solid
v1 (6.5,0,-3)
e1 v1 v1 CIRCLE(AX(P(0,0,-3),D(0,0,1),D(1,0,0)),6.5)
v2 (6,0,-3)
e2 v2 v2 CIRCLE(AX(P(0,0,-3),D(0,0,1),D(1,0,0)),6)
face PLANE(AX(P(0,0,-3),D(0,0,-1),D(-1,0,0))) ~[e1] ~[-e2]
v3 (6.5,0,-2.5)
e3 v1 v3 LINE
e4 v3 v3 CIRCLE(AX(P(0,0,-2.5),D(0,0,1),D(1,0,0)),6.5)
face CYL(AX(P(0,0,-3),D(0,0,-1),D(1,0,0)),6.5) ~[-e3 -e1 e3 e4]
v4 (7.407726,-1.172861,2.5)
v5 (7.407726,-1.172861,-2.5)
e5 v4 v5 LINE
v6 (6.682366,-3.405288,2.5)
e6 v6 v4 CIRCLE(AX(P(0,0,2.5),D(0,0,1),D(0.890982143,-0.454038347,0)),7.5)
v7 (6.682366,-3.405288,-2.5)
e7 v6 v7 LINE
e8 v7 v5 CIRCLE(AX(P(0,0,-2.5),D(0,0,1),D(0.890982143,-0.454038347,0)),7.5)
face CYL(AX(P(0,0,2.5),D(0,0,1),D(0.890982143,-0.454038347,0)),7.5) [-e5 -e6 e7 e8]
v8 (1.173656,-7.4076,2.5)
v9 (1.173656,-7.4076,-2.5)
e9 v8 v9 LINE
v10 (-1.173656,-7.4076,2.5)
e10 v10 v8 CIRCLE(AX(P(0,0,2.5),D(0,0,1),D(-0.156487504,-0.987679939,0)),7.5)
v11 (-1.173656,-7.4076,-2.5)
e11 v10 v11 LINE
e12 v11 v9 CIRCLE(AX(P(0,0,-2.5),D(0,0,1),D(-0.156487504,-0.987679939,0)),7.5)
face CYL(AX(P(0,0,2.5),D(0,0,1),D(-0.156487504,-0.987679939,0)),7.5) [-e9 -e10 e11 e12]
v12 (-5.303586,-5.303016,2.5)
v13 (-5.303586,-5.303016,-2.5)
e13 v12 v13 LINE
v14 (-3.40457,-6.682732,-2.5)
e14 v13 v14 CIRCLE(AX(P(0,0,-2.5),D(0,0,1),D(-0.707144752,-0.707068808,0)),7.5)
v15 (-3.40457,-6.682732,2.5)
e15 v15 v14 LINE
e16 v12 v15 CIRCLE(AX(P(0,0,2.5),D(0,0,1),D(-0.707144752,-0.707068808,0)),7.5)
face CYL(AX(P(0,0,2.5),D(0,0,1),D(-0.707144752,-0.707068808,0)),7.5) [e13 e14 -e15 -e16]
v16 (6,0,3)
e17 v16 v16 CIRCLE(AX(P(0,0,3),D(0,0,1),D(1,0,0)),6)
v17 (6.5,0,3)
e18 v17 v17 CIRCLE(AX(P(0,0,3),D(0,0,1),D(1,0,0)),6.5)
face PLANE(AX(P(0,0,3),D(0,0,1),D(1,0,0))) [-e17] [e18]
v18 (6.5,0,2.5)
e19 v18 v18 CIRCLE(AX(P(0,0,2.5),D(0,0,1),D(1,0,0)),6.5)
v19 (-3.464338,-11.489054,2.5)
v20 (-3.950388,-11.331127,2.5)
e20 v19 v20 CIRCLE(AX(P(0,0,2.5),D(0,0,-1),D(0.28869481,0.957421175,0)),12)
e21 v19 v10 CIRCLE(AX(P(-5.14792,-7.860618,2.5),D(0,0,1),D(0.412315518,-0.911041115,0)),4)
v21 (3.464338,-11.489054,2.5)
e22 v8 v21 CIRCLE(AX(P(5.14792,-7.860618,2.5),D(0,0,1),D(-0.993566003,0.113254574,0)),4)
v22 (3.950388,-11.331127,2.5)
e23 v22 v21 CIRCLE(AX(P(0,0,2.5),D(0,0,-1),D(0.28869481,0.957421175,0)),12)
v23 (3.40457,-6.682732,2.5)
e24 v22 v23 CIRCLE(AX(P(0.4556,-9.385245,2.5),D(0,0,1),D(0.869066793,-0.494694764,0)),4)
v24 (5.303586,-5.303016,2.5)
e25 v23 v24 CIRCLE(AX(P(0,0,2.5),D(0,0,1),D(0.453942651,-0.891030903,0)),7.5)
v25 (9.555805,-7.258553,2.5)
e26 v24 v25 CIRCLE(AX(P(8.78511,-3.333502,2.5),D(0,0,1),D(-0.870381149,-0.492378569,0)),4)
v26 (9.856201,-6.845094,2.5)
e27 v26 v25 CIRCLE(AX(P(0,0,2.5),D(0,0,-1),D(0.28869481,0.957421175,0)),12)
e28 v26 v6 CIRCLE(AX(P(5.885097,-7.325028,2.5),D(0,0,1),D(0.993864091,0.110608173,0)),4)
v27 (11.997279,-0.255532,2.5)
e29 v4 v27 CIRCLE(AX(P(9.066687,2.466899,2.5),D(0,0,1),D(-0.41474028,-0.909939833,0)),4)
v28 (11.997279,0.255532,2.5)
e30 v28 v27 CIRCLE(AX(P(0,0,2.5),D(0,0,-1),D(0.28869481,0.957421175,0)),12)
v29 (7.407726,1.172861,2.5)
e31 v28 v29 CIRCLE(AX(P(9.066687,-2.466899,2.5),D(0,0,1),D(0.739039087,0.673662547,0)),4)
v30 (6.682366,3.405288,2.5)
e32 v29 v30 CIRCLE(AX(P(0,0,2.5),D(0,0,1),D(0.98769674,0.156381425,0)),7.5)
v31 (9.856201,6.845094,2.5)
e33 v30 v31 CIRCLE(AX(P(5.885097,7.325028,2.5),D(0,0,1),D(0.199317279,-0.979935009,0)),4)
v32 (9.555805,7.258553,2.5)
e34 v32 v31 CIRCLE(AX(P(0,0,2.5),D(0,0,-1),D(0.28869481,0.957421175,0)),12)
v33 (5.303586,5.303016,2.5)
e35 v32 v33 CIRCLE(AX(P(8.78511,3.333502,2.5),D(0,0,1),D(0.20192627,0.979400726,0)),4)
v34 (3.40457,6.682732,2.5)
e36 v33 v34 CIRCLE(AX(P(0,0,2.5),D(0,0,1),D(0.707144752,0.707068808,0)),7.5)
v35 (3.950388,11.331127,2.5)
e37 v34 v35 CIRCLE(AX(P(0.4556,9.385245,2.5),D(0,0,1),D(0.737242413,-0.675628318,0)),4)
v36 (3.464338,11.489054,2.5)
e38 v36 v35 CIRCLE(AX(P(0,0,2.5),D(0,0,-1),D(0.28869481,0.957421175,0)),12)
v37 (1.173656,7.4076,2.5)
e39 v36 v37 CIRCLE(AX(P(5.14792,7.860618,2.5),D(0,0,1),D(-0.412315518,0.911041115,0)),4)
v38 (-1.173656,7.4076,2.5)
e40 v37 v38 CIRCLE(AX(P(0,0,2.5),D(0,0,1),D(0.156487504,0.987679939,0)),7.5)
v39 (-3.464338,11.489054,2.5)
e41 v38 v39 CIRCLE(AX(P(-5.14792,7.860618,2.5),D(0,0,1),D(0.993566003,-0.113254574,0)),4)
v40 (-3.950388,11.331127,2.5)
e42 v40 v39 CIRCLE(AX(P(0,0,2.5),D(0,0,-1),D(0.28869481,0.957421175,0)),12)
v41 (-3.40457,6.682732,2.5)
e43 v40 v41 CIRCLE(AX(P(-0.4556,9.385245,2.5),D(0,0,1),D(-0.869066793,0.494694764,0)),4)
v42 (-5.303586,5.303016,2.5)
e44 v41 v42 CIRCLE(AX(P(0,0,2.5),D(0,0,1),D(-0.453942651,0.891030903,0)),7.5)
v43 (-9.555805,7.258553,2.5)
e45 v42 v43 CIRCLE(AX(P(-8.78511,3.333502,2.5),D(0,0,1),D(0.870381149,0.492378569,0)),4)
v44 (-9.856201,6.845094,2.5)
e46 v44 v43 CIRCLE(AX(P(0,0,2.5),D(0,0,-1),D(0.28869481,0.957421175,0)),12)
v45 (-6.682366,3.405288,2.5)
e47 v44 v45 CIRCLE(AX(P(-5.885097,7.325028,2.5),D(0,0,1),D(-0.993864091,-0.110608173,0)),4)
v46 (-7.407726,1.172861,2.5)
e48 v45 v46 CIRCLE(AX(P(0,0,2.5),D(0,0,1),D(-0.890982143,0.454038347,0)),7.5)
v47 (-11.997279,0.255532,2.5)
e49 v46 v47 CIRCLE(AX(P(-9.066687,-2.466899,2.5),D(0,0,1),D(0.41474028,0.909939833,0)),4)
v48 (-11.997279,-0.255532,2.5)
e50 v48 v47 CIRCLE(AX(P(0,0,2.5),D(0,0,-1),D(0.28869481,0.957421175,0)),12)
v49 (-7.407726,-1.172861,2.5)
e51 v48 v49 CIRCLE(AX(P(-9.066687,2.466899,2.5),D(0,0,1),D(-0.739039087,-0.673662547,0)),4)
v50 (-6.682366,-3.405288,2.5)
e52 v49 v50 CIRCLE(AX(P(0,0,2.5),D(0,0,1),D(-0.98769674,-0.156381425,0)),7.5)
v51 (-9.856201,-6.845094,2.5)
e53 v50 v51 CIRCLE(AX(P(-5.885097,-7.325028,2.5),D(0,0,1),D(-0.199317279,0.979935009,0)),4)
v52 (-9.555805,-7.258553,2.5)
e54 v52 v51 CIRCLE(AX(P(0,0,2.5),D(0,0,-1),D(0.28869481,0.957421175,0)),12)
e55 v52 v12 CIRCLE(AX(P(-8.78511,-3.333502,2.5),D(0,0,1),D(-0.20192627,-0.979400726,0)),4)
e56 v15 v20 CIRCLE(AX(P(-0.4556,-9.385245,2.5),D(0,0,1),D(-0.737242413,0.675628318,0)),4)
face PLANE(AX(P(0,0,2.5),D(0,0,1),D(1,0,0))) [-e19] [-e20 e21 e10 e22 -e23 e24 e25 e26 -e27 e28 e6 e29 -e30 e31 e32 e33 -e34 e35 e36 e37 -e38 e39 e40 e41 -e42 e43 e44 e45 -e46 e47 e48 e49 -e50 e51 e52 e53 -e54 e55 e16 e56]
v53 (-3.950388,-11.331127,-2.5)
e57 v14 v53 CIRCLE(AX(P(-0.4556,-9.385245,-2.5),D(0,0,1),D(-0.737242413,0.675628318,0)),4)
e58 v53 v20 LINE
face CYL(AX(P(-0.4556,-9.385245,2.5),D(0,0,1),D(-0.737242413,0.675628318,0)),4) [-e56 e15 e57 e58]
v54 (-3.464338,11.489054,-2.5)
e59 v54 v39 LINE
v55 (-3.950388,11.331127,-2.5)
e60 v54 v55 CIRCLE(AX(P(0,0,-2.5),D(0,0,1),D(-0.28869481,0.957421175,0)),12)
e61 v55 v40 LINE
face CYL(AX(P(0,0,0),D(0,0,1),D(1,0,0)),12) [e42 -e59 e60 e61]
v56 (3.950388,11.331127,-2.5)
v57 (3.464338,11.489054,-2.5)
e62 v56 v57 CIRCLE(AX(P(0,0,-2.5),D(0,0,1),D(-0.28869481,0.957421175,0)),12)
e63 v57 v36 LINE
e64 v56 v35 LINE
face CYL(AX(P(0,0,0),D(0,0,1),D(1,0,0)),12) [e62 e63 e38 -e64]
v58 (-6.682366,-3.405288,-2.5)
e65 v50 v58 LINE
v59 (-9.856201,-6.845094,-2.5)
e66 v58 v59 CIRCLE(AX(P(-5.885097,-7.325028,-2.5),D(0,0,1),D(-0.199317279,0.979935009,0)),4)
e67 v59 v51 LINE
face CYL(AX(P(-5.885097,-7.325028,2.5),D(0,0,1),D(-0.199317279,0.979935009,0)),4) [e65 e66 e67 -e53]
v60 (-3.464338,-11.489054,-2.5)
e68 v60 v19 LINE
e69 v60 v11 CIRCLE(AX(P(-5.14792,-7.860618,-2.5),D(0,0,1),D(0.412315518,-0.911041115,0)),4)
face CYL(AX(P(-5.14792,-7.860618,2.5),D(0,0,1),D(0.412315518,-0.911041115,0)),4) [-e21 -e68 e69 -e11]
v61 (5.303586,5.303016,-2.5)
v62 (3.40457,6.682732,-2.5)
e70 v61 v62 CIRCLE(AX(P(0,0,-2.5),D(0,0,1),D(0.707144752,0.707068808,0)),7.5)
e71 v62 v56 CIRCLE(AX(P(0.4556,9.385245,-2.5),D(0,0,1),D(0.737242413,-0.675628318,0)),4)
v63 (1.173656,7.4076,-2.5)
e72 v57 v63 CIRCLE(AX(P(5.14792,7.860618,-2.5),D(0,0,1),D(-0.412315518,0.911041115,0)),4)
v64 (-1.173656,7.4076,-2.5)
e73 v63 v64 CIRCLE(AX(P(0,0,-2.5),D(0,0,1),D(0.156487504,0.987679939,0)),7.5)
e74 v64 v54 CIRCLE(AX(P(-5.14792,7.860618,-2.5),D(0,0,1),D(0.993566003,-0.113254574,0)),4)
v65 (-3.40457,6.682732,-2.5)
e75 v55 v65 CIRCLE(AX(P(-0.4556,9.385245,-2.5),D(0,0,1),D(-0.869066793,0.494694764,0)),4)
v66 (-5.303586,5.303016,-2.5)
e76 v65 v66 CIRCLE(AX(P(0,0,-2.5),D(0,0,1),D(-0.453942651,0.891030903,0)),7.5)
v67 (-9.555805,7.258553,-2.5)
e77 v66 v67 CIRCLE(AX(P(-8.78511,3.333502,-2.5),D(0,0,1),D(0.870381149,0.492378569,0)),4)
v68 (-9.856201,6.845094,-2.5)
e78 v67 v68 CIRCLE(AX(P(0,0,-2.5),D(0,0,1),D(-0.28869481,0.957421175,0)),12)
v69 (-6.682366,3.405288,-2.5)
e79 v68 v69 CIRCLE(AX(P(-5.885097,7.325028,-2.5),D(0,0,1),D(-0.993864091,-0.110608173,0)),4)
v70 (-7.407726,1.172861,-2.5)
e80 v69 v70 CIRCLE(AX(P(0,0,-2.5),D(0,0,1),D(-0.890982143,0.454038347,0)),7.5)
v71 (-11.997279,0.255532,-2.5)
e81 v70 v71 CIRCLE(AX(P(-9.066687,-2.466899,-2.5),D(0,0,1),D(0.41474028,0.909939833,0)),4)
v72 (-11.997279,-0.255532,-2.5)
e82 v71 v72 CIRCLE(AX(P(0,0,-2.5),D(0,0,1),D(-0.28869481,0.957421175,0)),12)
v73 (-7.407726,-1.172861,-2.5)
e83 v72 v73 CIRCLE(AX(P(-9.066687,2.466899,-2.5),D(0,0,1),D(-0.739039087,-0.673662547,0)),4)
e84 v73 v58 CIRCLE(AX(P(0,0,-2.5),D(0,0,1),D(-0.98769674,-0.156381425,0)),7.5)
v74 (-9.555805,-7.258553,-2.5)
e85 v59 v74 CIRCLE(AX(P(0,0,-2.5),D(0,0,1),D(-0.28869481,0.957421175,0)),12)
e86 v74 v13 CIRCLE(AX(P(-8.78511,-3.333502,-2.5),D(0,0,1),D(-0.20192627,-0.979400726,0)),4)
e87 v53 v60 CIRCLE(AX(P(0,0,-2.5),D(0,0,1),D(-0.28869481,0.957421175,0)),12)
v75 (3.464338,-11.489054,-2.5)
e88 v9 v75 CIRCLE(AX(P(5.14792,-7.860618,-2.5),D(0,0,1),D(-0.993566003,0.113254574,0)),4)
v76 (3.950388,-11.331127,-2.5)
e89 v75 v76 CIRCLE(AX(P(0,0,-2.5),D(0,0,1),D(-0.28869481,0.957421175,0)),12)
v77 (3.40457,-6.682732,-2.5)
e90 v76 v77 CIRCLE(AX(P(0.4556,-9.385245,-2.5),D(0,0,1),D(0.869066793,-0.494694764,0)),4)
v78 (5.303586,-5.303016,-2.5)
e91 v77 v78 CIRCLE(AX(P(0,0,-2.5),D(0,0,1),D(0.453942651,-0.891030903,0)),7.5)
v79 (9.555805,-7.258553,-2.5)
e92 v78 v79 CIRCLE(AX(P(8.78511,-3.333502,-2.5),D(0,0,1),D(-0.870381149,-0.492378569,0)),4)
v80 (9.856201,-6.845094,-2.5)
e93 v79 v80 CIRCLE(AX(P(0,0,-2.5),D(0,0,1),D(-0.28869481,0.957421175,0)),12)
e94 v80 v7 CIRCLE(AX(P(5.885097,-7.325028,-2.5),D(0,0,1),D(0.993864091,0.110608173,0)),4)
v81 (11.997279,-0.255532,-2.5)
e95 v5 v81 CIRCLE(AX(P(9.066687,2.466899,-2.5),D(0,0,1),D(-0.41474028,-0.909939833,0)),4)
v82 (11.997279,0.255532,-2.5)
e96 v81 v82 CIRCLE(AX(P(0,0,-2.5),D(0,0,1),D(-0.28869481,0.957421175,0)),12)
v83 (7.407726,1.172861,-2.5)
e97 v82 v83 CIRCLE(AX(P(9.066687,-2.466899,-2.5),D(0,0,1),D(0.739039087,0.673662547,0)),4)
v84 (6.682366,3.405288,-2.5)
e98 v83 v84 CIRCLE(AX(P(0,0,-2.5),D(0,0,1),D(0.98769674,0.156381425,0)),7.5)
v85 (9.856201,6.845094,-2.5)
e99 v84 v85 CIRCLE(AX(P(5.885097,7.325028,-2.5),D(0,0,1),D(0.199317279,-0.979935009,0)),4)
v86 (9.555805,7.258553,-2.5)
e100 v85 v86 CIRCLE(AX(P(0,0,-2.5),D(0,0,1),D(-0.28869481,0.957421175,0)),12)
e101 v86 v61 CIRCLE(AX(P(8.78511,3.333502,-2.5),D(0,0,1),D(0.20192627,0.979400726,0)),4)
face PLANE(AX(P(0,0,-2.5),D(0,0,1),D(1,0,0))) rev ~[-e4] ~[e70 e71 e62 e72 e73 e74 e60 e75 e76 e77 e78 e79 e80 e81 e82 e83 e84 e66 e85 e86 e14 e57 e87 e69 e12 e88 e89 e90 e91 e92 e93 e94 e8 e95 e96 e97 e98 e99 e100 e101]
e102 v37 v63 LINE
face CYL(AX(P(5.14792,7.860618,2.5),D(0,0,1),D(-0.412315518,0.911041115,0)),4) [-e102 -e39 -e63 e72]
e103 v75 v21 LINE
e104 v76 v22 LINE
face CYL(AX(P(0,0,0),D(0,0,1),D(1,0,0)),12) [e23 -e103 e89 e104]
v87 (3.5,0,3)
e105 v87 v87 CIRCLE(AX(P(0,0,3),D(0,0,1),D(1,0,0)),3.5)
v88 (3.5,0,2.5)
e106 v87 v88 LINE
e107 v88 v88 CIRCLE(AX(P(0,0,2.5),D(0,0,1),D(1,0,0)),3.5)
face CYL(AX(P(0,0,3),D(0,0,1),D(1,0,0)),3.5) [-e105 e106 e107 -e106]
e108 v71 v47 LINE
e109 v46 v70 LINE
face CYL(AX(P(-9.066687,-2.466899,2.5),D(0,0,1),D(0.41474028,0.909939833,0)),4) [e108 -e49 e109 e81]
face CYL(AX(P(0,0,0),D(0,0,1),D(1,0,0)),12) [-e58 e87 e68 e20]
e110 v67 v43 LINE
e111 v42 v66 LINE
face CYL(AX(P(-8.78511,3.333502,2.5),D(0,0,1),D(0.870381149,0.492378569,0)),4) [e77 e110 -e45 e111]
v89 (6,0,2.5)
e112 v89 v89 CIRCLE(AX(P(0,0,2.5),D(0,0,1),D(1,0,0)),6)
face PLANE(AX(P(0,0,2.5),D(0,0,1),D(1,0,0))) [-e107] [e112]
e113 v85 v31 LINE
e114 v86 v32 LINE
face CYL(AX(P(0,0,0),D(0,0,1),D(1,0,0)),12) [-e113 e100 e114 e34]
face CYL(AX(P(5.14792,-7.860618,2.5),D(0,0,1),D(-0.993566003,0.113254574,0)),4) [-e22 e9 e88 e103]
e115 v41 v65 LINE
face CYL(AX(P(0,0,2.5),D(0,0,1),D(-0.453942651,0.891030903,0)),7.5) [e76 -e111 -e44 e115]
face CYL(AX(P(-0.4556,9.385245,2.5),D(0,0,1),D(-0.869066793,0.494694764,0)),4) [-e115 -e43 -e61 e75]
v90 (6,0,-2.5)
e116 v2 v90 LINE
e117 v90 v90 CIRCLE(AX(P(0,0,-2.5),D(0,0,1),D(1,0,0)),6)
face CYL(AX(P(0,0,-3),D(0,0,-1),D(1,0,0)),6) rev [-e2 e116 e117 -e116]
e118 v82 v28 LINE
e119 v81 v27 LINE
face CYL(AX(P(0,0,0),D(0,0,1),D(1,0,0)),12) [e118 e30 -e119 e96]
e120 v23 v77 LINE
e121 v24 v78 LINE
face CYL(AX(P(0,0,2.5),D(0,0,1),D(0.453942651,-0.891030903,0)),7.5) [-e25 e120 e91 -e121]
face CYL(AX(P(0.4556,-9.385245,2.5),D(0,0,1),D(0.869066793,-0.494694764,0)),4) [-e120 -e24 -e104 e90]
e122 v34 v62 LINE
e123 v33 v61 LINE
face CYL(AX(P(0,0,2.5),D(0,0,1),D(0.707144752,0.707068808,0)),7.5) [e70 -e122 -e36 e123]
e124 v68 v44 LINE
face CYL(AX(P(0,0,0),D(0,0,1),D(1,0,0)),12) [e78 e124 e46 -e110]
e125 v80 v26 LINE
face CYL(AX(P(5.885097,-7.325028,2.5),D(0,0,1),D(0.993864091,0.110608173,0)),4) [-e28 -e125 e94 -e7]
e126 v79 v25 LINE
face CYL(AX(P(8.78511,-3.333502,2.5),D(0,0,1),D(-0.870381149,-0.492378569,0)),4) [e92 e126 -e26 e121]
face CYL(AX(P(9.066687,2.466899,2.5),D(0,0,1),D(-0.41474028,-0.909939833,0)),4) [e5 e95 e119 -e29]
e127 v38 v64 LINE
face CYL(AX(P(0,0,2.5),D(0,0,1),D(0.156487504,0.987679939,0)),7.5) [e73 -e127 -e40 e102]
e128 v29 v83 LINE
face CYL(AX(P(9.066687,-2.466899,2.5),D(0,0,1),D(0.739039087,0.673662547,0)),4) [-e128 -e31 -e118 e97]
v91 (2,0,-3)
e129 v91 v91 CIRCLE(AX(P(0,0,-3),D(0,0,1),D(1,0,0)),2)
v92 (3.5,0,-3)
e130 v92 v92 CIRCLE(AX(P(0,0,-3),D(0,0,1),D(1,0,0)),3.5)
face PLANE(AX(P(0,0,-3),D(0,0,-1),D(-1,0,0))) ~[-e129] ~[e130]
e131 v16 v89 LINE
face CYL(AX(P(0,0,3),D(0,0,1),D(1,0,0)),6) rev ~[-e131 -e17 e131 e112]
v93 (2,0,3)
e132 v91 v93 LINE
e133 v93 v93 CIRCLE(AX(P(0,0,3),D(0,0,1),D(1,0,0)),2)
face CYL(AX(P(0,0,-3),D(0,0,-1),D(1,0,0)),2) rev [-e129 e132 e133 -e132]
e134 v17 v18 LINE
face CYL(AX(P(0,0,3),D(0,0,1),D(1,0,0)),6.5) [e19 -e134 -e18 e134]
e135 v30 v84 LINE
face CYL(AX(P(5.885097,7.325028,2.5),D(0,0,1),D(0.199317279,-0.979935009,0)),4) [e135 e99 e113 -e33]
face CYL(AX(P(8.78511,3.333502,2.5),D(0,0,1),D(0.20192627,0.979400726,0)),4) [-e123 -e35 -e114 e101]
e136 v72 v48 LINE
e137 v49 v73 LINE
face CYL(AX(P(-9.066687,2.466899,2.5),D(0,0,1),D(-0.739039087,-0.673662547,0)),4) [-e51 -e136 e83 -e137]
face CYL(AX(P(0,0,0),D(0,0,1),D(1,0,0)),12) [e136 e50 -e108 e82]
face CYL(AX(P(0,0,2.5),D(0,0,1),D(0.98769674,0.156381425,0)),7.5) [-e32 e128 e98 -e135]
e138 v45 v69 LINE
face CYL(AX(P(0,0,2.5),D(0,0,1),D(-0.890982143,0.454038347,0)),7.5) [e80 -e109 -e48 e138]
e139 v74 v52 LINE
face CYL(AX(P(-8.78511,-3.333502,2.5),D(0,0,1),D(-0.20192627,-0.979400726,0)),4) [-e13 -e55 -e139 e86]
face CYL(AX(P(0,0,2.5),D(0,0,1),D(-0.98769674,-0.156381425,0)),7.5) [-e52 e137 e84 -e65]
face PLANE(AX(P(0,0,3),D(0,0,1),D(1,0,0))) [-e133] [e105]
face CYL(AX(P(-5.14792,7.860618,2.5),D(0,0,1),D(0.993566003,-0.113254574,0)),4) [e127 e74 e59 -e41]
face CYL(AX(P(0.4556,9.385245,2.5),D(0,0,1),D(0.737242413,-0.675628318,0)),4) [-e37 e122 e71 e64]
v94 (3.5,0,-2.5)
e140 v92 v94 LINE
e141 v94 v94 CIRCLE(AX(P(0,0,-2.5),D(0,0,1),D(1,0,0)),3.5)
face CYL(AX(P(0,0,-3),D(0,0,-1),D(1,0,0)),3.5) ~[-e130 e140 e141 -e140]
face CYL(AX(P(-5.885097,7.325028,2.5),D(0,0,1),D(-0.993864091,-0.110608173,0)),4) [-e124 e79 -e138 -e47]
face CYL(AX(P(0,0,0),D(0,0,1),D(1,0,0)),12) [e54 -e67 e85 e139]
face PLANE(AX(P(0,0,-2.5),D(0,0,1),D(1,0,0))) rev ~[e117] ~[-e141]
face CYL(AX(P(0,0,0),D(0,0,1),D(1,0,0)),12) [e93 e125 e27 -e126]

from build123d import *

# Parameters (mm, degrees)
SKETCH1_R           = 12
BOSS_EXTRUDE1_DEPTH = 2.5
CUT_EXTRUDE2_DEPTH  = 18.691806013
CIRPATTERN2_COUNT   = 10
SKETCH3_R           = 2
CUT_EXTRUDE3_DEPTH  = 18.349304428
BOSS_EXTRUDE2_START = 0.5
SKETCH4_R           = 6.5
SKETCH4_R_2         = 6
SKETCH4_R_3         = 3.5
SKETCH4_R_4         = 2
BOSS_EXTRUDE2_DEPTH = 0.5


with BuildPart() as part:
    # Sketch1 → Boss-Extrude1 (new, symmetric)
    with BuildSketch(Plane.XY):
        Circle(SKETCH1_R)
    extrude(amount=BOSS_EXTRUDE1_DEPTH, both=True)

    # Sketch2 → Cut-Extrude2 (cut, through all)
    with BuildSketch(Plane.XY.offset(2.5)):
        with BuildLine():
            ThreePointArc((1.173656282, 7.407599539), (0, 7.5), (-1.173656282, 7.407599539))
            ThreePointArc((-1.173656282, 7.407599539), (-1.669021324, 9.83476625), (-3.49865822, 11.504782295))
            ThreePointArc((-3.49865822, 11.504782295), (0, 12.025), (3.49865822, 11.504782295))
            ThreePointArc((3.49865822, 11.504782295), (1.669021324, 9.83476625), (1.173656282, 7.407599539))
        make_face()
    cut_extrude2 = extrude(amount=-CUT_EXTRUDE2_DEPTH, mode=Mode.SUBTRACT)

    # CirPattern2: Cut-Extrude2 ×10 about axis
    cirpattern2_axis = Axis((0, 0, 0), (0, 0, 1))
    for i in range(1, CIRPATTERN2_COUNT):
        add(cut_extrude2.rotate(cirpattern2_axis, i * 360 / CIRPATTERN2_COUNT), mode=Mode.SUBTRACT)

    # Sketch3 → Cut-Extrude3 (cut, through all)
    with BuildSketch(Plane.XY.offset(2.5)):
        Circle(SKETCH3_R)
    extrude(amount=-CUT_EXTRUDE3_DEPTH, mode=Mode.SUBTRACT)

    # Sketch4 → Boss-Extrude2 (add)
    # profile 1 of 2: a face of its own
    with BuildSketch(Plane.XY.offset(2.5).offset(BOSS_EXTRUDE2_START)):
        Circle(SKETCH4_R)
        Circle(SKETCH4_R_2, mode=Mode.SUBTRACT)
    # profile 2 of 2: a face of its own
    with BuildSketch(Plane.XY.offset(2.5).offset(BOSS_EXTRUDE2_START)):
        Circle(SKETCH4_R_3)
        Circle(SKETCH4_R_4, mode=Mode.SUBTRACT)
    boss_extrude2 = extrude(amount=-BOSS_EXTRUDE2_DEPTH)

    # Mirror1: Boss-Extrude2 across plane
    add(boss_extrude2.mirror(Plane.XY))


solid = part.part
